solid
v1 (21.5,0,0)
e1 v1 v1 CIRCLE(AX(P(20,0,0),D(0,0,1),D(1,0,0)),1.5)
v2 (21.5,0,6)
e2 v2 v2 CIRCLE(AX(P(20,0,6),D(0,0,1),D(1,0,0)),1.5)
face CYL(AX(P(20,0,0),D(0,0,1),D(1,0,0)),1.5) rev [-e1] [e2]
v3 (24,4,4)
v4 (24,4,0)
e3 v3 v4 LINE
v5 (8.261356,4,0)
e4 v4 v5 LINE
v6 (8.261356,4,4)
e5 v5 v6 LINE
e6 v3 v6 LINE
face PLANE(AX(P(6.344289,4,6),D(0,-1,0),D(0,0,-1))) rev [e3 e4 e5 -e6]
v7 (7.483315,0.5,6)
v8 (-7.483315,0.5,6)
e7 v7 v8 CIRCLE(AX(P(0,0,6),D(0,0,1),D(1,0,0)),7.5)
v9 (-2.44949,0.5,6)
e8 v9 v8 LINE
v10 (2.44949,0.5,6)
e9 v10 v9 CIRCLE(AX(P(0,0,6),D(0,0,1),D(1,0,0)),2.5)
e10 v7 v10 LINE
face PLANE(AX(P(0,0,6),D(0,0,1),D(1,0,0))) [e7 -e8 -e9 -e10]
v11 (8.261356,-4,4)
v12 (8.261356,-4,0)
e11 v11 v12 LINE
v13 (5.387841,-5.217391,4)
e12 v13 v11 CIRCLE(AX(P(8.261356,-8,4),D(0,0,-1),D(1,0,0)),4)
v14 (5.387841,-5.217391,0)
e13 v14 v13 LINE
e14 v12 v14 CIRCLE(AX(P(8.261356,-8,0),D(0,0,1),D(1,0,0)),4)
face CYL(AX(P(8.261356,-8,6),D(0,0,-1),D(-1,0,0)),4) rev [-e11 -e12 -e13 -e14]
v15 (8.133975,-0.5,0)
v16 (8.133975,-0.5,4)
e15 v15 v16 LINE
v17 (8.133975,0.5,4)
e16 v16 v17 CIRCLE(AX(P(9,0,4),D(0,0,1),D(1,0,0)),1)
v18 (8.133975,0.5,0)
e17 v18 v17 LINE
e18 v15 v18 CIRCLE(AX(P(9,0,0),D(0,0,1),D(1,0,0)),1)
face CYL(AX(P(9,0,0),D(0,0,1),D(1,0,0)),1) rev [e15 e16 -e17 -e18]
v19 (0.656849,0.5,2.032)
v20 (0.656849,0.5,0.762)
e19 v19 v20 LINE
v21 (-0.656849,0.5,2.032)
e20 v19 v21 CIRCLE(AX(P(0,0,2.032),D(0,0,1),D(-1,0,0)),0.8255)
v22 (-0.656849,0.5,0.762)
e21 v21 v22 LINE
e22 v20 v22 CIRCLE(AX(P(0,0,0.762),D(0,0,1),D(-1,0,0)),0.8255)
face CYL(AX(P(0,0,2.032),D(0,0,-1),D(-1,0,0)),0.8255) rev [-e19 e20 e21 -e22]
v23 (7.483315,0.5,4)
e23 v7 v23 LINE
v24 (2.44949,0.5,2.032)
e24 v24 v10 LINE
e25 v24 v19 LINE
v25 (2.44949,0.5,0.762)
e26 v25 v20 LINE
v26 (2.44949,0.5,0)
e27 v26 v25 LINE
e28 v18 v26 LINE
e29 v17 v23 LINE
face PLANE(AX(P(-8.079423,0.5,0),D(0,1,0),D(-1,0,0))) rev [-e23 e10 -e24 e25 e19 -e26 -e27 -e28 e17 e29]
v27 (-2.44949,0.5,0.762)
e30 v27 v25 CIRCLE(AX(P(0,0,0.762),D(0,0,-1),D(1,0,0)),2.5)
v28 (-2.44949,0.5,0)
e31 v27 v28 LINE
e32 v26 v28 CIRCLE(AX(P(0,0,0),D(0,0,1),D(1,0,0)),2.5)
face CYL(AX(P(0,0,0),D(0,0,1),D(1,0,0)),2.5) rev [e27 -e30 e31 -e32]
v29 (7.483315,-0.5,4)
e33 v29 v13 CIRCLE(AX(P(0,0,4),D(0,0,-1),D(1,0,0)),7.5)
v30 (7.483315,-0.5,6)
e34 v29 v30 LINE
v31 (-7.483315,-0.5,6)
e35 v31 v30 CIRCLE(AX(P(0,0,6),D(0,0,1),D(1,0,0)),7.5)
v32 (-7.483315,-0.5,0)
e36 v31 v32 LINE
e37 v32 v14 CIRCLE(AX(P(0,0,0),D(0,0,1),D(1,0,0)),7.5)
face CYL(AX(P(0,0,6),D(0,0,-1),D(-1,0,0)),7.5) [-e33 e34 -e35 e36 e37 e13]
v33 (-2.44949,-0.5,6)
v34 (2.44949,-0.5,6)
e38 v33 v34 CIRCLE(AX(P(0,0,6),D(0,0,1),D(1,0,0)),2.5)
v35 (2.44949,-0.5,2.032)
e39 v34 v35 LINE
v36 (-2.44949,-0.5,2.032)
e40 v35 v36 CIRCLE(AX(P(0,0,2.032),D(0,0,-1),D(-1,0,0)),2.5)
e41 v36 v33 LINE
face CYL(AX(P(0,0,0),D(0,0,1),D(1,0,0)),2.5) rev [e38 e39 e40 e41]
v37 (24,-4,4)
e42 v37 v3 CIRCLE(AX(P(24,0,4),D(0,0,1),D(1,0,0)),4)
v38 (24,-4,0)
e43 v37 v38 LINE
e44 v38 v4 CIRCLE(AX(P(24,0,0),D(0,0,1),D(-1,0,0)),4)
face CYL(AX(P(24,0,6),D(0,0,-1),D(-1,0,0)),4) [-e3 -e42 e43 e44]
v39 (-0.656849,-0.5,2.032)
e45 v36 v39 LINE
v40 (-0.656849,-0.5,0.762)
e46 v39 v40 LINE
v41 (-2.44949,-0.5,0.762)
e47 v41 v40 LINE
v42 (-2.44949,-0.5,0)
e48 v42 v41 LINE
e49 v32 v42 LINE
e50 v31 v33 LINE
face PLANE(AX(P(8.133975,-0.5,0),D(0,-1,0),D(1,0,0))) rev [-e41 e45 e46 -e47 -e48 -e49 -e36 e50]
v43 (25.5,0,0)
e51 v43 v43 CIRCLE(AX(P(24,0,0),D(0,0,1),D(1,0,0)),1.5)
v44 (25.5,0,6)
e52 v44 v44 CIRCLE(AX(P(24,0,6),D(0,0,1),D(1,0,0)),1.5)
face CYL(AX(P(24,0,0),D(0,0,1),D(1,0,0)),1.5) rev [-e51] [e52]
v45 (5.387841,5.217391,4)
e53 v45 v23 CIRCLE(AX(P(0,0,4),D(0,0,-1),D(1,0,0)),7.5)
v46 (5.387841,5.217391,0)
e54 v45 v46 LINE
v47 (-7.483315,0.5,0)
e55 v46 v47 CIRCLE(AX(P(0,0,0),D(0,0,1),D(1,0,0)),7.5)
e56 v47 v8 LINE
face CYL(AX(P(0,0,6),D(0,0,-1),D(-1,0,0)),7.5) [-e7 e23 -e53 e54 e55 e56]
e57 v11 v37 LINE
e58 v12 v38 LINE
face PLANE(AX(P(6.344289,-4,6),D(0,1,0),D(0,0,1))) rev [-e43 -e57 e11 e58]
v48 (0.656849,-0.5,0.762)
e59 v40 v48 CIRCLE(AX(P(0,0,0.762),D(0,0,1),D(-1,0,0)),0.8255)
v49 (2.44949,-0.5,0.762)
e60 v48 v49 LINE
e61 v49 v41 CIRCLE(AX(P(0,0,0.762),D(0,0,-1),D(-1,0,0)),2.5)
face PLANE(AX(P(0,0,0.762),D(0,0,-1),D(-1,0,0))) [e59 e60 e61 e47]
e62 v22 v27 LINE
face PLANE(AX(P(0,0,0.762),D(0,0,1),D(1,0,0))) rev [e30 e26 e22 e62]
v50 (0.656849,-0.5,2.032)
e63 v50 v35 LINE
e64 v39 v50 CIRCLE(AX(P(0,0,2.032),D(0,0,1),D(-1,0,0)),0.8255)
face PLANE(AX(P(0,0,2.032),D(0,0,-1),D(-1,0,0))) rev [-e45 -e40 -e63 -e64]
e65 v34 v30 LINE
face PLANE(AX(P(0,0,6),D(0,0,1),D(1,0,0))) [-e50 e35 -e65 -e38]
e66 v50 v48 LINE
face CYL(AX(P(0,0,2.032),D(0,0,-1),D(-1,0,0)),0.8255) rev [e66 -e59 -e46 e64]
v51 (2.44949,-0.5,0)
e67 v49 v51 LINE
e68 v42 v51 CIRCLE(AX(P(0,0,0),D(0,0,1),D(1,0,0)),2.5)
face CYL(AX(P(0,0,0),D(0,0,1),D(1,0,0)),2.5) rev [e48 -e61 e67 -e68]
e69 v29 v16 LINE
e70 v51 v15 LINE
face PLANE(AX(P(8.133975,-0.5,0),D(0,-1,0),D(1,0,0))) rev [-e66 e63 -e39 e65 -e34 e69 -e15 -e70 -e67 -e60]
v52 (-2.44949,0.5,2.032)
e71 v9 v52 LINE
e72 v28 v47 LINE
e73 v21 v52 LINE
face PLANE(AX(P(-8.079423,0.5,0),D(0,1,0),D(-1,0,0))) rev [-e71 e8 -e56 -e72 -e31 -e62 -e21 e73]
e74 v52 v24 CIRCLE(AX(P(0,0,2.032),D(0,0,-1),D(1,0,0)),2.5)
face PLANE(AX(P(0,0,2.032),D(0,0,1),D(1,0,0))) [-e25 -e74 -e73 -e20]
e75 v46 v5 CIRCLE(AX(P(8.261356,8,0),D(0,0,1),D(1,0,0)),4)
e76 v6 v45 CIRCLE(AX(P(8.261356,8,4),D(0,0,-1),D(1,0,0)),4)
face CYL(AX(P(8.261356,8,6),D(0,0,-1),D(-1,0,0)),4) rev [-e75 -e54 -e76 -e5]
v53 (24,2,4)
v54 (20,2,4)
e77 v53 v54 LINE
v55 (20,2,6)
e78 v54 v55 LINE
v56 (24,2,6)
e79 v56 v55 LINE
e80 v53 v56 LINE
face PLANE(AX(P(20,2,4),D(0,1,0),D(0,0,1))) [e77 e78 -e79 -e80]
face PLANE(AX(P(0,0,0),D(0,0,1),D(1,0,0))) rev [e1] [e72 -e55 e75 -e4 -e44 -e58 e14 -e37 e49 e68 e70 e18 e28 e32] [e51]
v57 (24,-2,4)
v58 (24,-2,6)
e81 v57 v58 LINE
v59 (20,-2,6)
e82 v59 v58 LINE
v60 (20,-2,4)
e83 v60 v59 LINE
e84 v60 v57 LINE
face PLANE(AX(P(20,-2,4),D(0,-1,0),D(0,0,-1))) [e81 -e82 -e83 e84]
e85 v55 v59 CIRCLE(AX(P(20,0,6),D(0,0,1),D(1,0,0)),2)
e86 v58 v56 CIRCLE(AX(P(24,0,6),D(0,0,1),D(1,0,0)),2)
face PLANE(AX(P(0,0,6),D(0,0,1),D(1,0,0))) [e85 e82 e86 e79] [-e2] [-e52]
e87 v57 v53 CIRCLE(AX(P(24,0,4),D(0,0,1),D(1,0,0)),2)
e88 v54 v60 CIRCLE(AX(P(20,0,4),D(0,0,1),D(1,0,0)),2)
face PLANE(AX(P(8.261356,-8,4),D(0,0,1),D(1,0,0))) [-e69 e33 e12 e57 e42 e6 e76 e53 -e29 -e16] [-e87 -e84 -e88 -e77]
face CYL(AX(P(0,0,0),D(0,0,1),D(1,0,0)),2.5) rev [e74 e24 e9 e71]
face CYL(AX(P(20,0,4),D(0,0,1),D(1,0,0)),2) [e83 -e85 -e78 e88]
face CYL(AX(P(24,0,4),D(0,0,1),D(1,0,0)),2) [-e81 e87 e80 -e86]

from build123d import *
from build123d.topology import SkipClean

# Parameters (mm, degrees)
BOSS_EXTRUDE1_DEPTH = 6
FILLET1_R           = 4
CUT_EXTRUDE1_DEPTH  = 2
SKETCH3_R           = 1.5
SKETCH3_R_2         = 2.5
CUT_EXTRUDE2_DEPTH  = 30.601520231
CUT_EXTRUDE3_DEPTH  = 30.601520231
BOSS_EXTRUDE2_START = -1.27
BOSS_EXTRUDE2_DEPTH = 1.27


with BuildPart() as part:
    # Sketch1 → Boss-Extrude1 (new body)
    with BuildSketch(Plane.XY):
        with BuildLine():
            Line((6.34428877, 4), (24, 4))
            ThreePointArc((24, 4), (28, 0), (24, -4))
            Line((24, -4), (6.34428877, -4))
            ThreePointArc((6.34428877, -4), (-7.5, 0), (6.34428877, 4))
        make_face()
    extrude(amount=BOSS_EXTRUDE1_DEPTH)

    # Fillet1
    fillet1_edges = [part.edges().sort_by_distance(p)[0] for p in [
        (6.34428877, 4, 3),
        (6.34428877, -4, 3),
    ]]
    fillet(fillet1_edges, radius=FILLET1_R)

    # Sketch2 → Cut-Extrude1 (cut)
    with SkipClean():  # the faces are left unmerged after this step: merging them gives an invalid solid
        with BuildSketch(Plane.XY.offset(6)):
            with BuildLine():
                Line((8.261355821, -4), (24, -4))
                ThreePointArc((24, -4), (28, 0), (24, 4))
                Line((24, 4), (8.261355821, 4))
                ThreePointArc((8.261355821, 4), (6.700976826, 4.316901116), (5.387840753, 5.217391304))
                ThreePointArc((5.387840753, 5.217391304), (7.5, 0), (5.387840753, -5.217391304))
                ThreePointArc((5.387840753, -5.217391304), (6.700976826, -4.316901116), (8.261355821, -4))
            make_face()
            with BuildLine():
                Line((20, 2), (24, 2))
                ThreePointArc((24, 2), (26, 0), (24, -2))
                Line((24, -2), (20, -2))
                ThreePointArc((20, -2), (18, 0), (20, 2))
            make_face(mode=Mode.SUBTRACT)
        extrude(amount=-CUT_EXTRUDE1_DEPTH, mode=Mode.SUBTRACT)

    # Sketch3 → Cut-Extrude2 (cut, through all)
    with SkipClean():  # the faces are left unmerged after this step: merging them gives an invalid solid
        with BuildSketch(Plane.XY.offset(6)):
            with Locations((20, 0)):
                Circle(SKETCH3_R)
            with Locations((24, 0)):
                Circle(SKETCH3_R)
            Circle(SKETCH3_R_2)
        extrude(amount=-CUT_EXTRUDE2_DEPTH, mode=Mode.SUBTRACT)

    # Sketch4 → Cut-Extrude3 (cut, through all)
    with SkipClean():  # the faces are left unmerged after this step: merging them gives an invalid solid
        with BuildSketch(Plane.XY.offset(6)):
            with BuildLine():
                Line((-8.079422864, 0.5), (8.133974596, 0.5))
                ThreePointArc((8.133974596, 0.5), (10, 0), (8.133974596, -0.5))
                Line((8.133974596, -0.5), (-8.079422864, -0.5))
                Line((-8.079422864, -0.5), (-8.079422864, 0.5))
            make_face()
        extrude(amount=-CUT_EXTRUDE3_DEPTH, mode=Mode.SUBTRACT)

    # Sketch5 → Boss-Extrude2 (add)
    with SkipClean():  # the faces are left unmerged after this step: merging them gives an invalid solid
        with BuildSketch(Plane(origin=(0, 0, 0.762), x_dir=(-1, 0, 0), z_dir=(0, 0, -1)).offset(BOSS_EXTRUDE2_START)):
            with BuildLine():
                Line((-2.449489743, 0.5), (-0.656848727, 0.5))
                ThreePointArc((-0.656848727, 0.5), (0, 0.8255), (0.656848727, 0.5))
                Line((0.656848727, 0.5), (2.449489743, 0.5))
                ThreePointArc((2.449489743, 0.5), (0, 2.5), (-2.449489743, 0.5))
            make_face()
            with BuildLine():
                Line((-2.449489743, -0.5), (-0.656848727, -0.5))
                ThreePointArc((-0.656848727, -0.5), (0, -0.8255), (0.656848727, -0.5))
                Line((0.656848727, -0.5), (2.449489743, -0.5))
                ThreePointArc((2.449489743, -0.5), (0, -2.5), (-2.449489743, -0.5))
            make_face()
        extrude(amount=BOSS_EXTRUDE2_DEPTH)


solid = part.part
